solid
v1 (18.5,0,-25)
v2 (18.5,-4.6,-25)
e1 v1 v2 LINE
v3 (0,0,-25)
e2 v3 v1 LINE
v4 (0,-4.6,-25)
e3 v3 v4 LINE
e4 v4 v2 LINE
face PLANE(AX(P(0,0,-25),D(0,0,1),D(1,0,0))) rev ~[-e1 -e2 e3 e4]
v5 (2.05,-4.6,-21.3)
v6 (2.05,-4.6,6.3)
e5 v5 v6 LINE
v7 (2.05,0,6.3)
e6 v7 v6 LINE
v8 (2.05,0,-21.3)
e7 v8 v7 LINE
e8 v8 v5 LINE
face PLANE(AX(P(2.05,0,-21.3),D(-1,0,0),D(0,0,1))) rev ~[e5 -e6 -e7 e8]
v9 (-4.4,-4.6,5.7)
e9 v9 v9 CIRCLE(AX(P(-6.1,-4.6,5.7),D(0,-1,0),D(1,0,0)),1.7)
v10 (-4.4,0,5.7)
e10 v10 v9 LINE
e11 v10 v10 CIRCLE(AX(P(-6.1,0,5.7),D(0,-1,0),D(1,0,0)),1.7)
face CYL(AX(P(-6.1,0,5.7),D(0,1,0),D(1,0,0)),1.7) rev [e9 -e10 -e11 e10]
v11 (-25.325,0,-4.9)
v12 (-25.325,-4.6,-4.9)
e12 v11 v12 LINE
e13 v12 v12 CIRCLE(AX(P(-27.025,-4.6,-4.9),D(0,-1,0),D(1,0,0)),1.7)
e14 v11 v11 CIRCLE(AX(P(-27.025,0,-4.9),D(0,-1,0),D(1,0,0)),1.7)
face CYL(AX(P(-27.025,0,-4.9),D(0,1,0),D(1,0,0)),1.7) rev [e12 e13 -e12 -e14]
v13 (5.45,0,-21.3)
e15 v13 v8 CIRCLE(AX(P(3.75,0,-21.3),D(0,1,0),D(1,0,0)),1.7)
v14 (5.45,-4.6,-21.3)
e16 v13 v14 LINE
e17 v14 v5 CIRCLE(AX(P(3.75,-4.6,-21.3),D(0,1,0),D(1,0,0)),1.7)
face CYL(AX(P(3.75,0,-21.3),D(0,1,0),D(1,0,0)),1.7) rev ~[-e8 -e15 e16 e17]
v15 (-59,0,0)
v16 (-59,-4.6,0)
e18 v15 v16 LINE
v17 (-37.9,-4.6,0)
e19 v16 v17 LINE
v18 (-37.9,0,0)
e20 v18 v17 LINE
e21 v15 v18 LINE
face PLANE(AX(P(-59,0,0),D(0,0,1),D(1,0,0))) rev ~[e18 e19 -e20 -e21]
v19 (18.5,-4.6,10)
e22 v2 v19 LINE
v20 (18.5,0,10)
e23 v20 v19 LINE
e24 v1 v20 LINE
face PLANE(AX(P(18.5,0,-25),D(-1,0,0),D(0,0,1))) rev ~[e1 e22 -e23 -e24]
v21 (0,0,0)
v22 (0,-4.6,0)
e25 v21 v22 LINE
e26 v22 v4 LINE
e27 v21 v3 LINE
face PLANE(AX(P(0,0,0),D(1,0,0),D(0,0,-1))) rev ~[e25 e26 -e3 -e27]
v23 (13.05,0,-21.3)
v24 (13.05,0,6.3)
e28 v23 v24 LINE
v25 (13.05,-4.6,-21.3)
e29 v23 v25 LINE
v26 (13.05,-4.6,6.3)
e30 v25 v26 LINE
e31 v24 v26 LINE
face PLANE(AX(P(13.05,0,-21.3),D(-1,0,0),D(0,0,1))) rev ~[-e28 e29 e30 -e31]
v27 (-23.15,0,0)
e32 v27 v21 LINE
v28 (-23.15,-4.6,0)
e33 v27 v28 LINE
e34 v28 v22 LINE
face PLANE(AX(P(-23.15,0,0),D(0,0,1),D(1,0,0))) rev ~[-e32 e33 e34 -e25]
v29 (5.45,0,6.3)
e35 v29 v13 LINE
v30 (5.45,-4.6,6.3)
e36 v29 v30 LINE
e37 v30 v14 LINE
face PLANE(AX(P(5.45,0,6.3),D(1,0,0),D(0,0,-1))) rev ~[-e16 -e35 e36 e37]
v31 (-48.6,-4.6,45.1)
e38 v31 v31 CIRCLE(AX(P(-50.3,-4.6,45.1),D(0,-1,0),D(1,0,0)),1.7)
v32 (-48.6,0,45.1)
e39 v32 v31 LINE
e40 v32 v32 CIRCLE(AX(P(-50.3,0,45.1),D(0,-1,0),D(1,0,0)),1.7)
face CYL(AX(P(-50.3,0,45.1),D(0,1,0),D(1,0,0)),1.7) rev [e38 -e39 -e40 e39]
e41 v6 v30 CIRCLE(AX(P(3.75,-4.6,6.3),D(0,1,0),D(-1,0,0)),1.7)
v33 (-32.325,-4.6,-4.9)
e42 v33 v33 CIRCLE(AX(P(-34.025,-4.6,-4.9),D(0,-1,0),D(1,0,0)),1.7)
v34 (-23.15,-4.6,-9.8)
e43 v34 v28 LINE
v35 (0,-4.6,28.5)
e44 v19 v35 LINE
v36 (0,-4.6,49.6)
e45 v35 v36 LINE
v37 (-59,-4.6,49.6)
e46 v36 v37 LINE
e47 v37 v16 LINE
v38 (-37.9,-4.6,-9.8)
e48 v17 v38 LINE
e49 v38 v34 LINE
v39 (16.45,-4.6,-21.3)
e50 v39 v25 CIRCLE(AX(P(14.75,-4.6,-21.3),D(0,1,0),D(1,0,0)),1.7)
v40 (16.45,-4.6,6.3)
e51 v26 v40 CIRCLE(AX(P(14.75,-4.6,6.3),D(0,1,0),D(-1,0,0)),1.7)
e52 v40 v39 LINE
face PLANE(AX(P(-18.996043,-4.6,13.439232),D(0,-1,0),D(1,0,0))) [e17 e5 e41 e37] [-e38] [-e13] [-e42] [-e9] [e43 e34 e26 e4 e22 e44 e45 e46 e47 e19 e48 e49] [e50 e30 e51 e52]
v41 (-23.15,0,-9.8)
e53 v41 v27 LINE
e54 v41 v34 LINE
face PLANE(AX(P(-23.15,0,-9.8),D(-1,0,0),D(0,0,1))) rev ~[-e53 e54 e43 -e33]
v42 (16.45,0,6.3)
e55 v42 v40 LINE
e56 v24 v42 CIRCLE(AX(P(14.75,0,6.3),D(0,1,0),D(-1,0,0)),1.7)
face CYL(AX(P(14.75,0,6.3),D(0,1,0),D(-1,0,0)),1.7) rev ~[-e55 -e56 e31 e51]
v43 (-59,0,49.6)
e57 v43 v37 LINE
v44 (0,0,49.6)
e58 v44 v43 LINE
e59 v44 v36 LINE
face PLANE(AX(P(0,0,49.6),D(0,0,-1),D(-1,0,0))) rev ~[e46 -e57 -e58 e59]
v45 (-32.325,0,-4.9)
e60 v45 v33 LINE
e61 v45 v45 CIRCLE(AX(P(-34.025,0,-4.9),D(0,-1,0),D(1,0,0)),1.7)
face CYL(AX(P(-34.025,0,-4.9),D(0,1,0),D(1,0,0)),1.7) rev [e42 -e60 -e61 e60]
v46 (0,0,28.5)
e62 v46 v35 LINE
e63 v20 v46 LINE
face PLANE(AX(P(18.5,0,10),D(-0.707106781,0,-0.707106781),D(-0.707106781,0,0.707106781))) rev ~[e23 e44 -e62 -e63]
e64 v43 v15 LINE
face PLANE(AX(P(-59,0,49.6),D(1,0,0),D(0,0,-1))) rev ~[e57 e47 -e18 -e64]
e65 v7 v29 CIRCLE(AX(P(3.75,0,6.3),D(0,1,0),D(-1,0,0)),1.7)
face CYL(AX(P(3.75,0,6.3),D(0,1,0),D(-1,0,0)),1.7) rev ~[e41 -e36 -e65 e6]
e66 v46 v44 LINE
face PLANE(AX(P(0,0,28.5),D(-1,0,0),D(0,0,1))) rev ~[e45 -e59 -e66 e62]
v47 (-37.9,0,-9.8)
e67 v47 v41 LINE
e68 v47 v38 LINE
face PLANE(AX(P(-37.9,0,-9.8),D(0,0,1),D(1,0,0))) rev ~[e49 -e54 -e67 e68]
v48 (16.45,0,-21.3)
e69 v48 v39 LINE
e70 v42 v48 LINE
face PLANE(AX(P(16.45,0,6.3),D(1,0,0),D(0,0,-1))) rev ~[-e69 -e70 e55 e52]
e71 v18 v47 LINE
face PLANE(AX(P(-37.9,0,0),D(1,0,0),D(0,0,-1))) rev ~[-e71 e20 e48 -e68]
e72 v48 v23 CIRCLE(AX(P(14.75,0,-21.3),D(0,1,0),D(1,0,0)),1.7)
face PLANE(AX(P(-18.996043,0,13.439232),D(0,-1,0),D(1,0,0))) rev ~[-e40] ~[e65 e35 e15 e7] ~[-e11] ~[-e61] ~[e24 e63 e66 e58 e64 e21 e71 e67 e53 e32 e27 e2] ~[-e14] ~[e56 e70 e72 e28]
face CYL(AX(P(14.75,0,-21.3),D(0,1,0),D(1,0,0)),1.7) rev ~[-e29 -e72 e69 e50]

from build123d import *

# Parameters (mm, degrees)
F0_R     = 1.7
F1_DEPTH = 4.6


with BuildPart() as f1:
    # F0 (on Front) → F1 (new body)
    with BuildSketch(Plane.XZ):
        Polygon((0, 49.6), (-59, 49.6), (-59, 0), (-37.9, 0), (-37.9, -9.8), (-23.15, -9.8), (-23.15, 0), (0, 0), (0, -25), (18.5, -25), (18.5, 10), (0, 28.5), align=None)
        with Locations((-34.025, -4.9)):
            Circle(F0_R, mode=Mode.SUBTRACT)
        with Locations((-27.025, -4.9)):
            Circle(F0_R, mode=Mode.SUBTRACT)
        with BuildLine():
            Line((2.05, -21.3), (2.05, 6.3))
            ThreePointArc((2.05, 6.3), (3.75, 8), (5.45, 6.3))
            Line((5.45, 6.3), (5.45, -21.3))
            ThreePointArc((5.45, -21.3), (3.75, -23), (2.05, -21.3))
        make_face(mode=Mode.SUBTRACT)
        with BuildLine():
            Line((16.45, 6.3), (16.45, -21.3))
            ThreePointArc((16.45, -21.3), (14.75, -23), (13.05, -21.3))
            Line((13.05, -21.3), (13.05, 6.3))
            ThreePointArc((13.05, 6.3), (14.75, 8), (16.45, 6.3))
        make_face(mode=Mode.SUBTRACT)
        with Locations((-6.1, 5.7)):
            Circle(F0_R, mode=Mode.SUBTRACT)
        with Locations((-50.3, 45.1)):
            Circle(F0_R, mode=Mode.SUBTRACT)
    extrude(amount=F1_DEPTH)


solid = f1.part
